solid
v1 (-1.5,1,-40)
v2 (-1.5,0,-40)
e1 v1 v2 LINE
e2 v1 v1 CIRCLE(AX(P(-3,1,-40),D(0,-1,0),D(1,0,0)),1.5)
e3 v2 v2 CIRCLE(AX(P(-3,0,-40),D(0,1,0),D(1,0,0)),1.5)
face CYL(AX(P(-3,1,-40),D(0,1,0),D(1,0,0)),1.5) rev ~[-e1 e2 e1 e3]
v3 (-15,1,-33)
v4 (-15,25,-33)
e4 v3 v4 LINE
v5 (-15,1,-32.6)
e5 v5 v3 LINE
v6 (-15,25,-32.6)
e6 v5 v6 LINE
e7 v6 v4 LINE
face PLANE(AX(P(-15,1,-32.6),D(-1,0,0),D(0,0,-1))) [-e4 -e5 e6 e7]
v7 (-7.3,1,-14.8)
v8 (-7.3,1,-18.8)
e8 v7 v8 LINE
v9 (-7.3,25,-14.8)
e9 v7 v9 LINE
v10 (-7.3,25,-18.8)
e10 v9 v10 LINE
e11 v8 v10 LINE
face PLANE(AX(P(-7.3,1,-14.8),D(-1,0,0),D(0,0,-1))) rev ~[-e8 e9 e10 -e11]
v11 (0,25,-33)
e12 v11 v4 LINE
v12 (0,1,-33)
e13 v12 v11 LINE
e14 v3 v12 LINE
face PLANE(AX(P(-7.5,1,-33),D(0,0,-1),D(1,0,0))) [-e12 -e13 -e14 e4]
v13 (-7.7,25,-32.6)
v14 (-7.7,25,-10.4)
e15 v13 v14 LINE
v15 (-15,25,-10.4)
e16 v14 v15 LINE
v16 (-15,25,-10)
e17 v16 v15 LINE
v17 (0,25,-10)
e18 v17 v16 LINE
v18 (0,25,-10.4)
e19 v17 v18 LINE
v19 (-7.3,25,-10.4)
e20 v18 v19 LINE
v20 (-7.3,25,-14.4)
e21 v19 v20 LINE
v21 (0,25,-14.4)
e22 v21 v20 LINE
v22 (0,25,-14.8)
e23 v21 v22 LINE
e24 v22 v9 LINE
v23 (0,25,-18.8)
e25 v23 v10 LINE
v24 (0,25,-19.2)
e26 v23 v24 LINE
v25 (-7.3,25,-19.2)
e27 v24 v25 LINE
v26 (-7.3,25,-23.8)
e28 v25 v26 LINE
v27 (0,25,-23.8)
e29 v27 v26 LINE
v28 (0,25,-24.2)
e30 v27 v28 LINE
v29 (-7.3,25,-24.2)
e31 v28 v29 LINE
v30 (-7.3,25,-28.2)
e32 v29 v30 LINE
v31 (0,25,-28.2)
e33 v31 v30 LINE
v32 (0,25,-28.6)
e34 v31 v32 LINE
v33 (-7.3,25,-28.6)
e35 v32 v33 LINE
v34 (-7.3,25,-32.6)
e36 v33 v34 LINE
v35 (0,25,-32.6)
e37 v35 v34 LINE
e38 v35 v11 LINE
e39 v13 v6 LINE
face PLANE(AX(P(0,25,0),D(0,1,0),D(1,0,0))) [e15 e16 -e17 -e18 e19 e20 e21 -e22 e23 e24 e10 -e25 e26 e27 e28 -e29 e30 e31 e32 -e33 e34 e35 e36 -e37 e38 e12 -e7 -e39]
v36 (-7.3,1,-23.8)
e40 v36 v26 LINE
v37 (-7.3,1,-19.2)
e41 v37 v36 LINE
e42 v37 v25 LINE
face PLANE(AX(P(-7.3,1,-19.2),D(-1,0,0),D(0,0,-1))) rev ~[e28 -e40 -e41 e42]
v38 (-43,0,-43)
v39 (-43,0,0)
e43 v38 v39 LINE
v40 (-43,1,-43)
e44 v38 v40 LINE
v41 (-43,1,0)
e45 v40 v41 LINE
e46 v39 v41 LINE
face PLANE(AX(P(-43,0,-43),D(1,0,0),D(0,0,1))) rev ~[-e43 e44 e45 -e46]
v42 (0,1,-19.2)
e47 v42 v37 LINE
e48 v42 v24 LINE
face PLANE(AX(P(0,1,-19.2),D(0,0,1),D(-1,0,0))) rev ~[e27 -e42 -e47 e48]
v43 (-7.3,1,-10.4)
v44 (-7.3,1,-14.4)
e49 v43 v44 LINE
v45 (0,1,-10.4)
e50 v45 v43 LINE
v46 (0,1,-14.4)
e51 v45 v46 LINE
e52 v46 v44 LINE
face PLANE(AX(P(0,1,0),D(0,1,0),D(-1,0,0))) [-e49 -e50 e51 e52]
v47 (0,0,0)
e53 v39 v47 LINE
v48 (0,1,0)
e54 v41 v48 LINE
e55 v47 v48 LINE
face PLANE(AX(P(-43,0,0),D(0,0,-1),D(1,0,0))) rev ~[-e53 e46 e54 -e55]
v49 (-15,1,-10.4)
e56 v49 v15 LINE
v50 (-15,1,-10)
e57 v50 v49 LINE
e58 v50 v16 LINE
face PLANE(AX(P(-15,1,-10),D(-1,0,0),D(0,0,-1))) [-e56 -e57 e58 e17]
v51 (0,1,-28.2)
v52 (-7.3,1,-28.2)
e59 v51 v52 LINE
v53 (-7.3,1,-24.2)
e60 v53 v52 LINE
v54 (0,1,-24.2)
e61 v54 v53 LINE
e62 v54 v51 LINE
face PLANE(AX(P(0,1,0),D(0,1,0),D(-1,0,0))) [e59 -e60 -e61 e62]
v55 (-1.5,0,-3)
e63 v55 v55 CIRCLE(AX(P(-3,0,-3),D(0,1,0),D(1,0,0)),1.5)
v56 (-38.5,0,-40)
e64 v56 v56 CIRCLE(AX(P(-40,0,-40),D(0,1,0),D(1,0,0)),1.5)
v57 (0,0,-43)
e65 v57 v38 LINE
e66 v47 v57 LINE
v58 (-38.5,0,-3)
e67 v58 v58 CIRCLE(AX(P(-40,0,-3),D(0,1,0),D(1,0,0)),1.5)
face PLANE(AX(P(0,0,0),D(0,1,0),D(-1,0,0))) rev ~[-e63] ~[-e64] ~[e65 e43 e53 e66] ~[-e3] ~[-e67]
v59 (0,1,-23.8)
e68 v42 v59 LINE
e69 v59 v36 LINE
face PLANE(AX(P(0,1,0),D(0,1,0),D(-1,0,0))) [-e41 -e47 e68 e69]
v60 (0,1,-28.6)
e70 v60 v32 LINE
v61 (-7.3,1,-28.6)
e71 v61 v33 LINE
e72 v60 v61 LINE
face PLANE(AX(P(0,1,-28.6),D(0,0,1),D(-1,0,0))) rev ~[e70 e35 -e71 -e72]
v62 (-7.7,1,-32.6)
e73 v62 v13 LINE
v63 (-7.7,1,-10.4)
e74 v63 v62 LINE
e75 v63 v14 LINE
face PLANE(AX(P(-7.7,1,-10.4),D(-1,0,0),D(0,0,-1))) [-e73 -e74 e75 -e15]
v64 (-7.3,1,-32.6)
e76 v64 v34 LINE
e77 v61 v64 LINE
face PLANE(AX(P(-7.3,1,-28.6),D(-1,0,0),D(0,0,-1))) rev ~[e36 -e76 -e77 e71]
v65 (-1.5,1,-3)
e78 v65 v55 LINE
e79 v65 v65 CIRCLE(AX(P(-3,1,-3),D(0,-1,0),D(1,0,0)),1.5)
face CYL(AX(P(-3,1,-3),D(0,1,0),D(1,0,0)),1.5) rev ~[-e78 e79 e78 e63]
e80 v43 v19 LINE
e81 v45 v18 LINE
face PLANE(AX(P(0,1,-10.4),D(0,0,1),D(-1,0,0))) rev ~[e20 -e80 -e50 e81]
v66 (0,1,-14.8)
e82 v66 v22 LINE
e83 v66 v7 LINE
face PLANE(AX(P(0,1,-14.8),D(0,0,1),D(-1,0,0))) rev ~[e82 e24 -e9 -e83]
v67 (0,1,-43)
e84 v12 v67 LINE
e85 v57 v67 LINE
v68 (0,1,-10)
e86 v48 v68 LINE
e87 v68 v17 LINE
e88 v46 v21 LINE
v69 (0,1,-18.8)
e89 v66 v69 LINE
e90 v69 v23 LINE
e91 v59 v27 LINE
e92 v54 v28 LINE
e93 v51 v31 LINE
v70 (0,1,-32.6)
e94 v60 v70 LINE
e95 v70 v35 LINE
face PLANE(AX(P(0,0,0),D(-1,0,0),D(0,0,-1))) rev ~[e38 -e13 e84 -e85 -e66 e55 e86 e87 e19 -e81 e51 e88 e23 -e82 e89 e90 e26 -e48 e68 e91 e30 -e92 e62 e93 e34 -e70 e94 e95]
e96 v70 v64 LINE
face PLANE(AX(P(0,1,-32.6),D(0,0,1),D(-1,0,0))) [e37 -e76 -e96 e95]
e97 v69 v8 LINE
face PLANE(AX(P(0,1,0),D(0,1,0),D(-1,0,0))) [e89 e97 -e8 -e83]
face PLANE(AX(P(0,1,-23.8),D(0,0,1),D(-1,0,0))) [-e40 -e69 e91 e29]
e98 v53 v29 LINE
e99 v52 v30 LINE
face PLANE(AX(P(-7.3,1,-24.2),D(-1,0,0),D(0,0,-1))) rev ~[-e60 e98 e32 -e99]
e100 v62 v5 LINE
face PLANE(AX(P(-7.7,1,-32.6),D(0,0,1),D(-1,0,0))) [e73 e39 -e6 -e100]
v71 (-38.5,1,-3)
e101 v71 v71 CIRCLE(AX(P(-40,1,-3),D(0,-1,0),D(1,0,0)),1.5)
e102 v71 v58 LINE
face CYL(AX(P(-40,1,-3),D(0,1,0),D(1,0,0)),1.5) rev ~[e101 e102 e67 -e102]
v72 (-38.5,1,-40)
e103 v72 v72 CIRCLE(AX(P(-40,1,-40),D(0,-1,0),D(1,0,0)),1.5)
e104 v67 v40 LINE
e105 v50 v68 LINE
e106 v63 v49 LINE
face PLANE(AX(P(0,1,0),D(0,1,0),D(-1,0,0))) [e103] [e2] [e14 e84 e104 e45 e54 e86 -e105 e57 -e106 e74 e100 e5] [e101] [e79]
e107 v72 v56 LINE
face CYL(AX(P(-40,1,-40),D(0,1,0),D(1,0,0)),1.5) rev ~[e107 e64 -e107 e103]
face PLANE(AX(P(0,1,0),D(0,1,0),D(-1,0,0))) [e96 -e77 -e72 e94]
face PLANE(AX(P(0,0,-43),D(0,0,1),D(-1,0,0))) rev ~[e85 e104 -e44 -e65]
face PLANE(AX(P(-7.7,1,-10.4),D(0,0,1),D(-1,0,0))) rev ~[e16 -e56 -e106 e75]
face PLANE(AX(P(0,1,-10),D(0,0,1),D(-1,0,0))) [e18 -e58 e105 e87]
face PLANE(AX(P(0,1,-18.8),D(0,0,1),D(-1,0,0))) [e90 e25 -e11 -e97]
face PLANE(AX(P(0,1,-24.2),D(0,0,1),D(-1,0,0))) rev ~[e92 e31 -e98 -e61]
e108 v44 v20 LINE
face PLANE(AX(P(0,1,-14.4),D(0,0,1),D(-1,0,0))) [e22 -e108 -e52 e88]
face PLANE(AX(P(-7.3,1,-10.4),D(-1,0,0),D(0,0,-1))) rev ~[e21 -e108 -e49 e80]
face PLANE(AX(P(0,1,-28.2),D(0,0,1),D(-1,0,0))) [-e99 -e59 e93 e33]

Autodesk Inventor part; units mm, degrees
ref_plane "YZ Plane" through (0, 0, 0) normal (1, 0, 0) x (0, 1, 0)
ref_plane "XZ Plane" through (0, 0, 0) normal (0, 1, 0) x (-1, 0, 0)
ref_plane "XY Plane" through (0, 0, 0) normal (0, 0, 1) x (1, 0, 0)
sketch "Sketch1" plane through (0, 0, 0) normal (0, 1, 0) x (-1, 0, 0)
  line L0 (0, 0) -> (0, -43)
  line L1 (0, -43) -> (43, -43)
  line L2 (43, -43) -> (43, 0)
  line L3 (43, 0) -> (0, 0)
  dimension "d0" = 43
  dimension "d1" = 43
extrude "Extrusion1" add sketch "Sketch1" along normal blind 1
sketch "Sketch2" plane through (0, 1, 0) normal (0, 1, 0) x (1, 0, 0)
  line L0 (-43, 0) -> (0, 0) projected
  line L1 (0, 0) -> (-3, 0)
  line L2 (-3, 0) -> (-3, 3)
  line L3 (-3, 3) -> (0, 3)
  circle A0 centre (-3, 3) radius 1.5
  line L4 (0, 43) -> (-43, 43) projected
  line L5 (0, 0) -> (-43, 43)
  line L6 (-43, 43) -> (-43, 0)
  line L7 (-43, 43) -> (-43, 0) projected
  line L8 (0, 0) -> (0, 43) projected
  line L9 (-43, 0) -> (0, 43)
  line L10 (0, 43) -> (-21.5, 21.5)
  circle A1 centre (-3, 40) radius 1.5
  circle A2 centre (-40, 40) radius 1.5
  circle A3 centre (-40, 3) radius 1.5
  dimension "d4" = 3
  dimension "d5" = 3
  dimension "d6" = 3
  dimension "d9" = 360
extrude "Extrusion2" cut sketch "Sketch2" against normal through all contours A3 L9 | L9 A3 | A0 L5 L2 | L2 L5 A0 | A2 L5 | L5 A2 | L5 L3 A0 | L5 A0 L3 | A1 L9 | L9 A1
sketch "Sketch3" plane through (0, 1, 0) normal (0, 1, 0) x (1, 0, 0)
  line L0 (-43, 0) -> (0, 0) projected
  line L1 (0, 0) -> (0, 10)
  line L2 (0, 0) -> (0, 43) projected
  line L3 (0, 10) -> (0, 43)
  line L4 (0, 43) -> (0, 33)
  line L5 (0, 33) -> (0, 10)
  line L6 (0, 10) -> (-15, 10)
  line L7 (-15, 10) -> (-15, 33)
  line L8 (-15, 33) -> (0, 33)
  line L9 (0, 10) -> (0, 14.4)
  line L10 (0, 14.4) -> (0, 18.8)
  line L11 (0, 33) -> (0, 28.6)
  line L12 (0, 28.6) -> (0, 24.2)
  line L13 (0, 24.2) -> (0, 18.8)
  line L14 (0, 14.4) -> (0, 15)
  line L15 (0, 33) -> (0, 32.6)
  line L16 (0, 32.6) -> (-15, 32.6)
  line L17 (0, 32.6) -> (0, 28.6)
  line L18 (0, 28.6) -> (-15, 28.6)
  line L19 (0, 28.6) -> (0, 28.2)
  line L20 (0, 28.2) -> (-15, 28.2)
  line L21 (0, 28.2) -> (0, 24.2)
  line L22 (0, 18.8) -> (0, 24.2)
  line L23 (0, 32.6) -> (0, 28.6)
  line L24 (0, 28.2) -> (0, 24.2)
  line L25 (0, 24.2) -> (-15, 24.2)
  line L26 (0, 24.2) -> (0, 23.8)
  line L27 (0, 23.8) -> (-15, 23.8)
  line L28 (0, 18.8) -> (0, 19.2)
  line L29 (0, 19.2) -> (-15, 19.2)
  line L30 (0, 18.8) -> (-15, 18.8)
  line L31 (0, 14.4) -> (-15, 14.4)
  line L32 (0, 10) -> (0, 10.4)
  line L33 (0, 10.4) -> (-15, 10.4)
  line L34 (0, 10.4) -> (0, 14.4)
  line L35 (0, 14.4) -> (0, 14.8)
  line L36 (0, 14.8) -> (-15, 14.8)
  line L37 (0, 10) -> (-7.5, 10)
  line L38 (-7.5, 10) -> (-7.5, 33)
  line L39 (-7.5, 10) -> (-7.7, 10)
  line L40 (-7.7, 10) -> (-7.3, 10)
  line L41 (-7.3, 10) -> (-7.3, 33)
  line L42 (-7.7, 10) -> (-7.7, 33)
  point P0 (-7.7, 10.4)
  point P1 (-7.3, 10.4)
  point P2 (-7.3, 14.4)
  point P3 (-7.3, 14.8)
  point P4 (-7.3, 18.8)
  point P5 (-7.3, 19.2)
  point P6 (-7.3, 23.8)
  point P7 (-7.3, 24.2)
  point P8 (-7.3, 28.2)
  point P9 (-7.3, 28.6)
  point P10 (-7.3, 32.6)
  point P11 (-7.7, 32.6)
  dimension "d13" = 10
  dimension "d14" = 10
  dimension "d15" = 23
  dimension "d16" = 15
  dimension "d17" = 4.4
  dimension "d18" = 4.4
  dimension "d19" = 4.4
  dimension "d20" = 4.4
  dimension "d22" = 0.4
  dimension "d23" = 0.4
  dimension "d24" = 0.4
  dimension "d25" = 0.4
  dimension "d26" = 0.4
  dimension "d27" = 0.4
  dimension "d28" = 0.2
  dimension "d29" = 0.4
extrude "Extrusion3" add sketch "Sketch3" along normal blind 24 contours L6 L41 L33 L2 | L6 L38 L33 L41 | L31 L41 L36 L2 | L33 L38 L31 L41 | L6 L42 L33 L38 | L31 L38 L36 L41 | L33 L42 L31 L38 | L6 L7 L33 L42 | L36 L38 L30 L41 | L31 L42 L36 L38 | L30 L41 L29 L2 | L36 L42 L30 L38 | L30 L38 L29 L41 | L30 L42 L29 L38 | L29 L38 L27 L41 | L27 L41 L25 L2 | L29 L42 L27 L38 | L27 L38 L25 L41 | L27 L42 L25 L38 | L25 L38 L20 L41 | L20 L41 L18 L2 | L25 L42 L20 L38 | L20 L38 L18 L41 | L20 L42 L18 L38 | L18 L38 L16 L41 | L16 L41 L8 L2 | L18 L42 L16 L38 | L16 L38 L8 L41 | L16 L42 L8 L38 | L16 L7 L8 L42
properties part number "L298N"
